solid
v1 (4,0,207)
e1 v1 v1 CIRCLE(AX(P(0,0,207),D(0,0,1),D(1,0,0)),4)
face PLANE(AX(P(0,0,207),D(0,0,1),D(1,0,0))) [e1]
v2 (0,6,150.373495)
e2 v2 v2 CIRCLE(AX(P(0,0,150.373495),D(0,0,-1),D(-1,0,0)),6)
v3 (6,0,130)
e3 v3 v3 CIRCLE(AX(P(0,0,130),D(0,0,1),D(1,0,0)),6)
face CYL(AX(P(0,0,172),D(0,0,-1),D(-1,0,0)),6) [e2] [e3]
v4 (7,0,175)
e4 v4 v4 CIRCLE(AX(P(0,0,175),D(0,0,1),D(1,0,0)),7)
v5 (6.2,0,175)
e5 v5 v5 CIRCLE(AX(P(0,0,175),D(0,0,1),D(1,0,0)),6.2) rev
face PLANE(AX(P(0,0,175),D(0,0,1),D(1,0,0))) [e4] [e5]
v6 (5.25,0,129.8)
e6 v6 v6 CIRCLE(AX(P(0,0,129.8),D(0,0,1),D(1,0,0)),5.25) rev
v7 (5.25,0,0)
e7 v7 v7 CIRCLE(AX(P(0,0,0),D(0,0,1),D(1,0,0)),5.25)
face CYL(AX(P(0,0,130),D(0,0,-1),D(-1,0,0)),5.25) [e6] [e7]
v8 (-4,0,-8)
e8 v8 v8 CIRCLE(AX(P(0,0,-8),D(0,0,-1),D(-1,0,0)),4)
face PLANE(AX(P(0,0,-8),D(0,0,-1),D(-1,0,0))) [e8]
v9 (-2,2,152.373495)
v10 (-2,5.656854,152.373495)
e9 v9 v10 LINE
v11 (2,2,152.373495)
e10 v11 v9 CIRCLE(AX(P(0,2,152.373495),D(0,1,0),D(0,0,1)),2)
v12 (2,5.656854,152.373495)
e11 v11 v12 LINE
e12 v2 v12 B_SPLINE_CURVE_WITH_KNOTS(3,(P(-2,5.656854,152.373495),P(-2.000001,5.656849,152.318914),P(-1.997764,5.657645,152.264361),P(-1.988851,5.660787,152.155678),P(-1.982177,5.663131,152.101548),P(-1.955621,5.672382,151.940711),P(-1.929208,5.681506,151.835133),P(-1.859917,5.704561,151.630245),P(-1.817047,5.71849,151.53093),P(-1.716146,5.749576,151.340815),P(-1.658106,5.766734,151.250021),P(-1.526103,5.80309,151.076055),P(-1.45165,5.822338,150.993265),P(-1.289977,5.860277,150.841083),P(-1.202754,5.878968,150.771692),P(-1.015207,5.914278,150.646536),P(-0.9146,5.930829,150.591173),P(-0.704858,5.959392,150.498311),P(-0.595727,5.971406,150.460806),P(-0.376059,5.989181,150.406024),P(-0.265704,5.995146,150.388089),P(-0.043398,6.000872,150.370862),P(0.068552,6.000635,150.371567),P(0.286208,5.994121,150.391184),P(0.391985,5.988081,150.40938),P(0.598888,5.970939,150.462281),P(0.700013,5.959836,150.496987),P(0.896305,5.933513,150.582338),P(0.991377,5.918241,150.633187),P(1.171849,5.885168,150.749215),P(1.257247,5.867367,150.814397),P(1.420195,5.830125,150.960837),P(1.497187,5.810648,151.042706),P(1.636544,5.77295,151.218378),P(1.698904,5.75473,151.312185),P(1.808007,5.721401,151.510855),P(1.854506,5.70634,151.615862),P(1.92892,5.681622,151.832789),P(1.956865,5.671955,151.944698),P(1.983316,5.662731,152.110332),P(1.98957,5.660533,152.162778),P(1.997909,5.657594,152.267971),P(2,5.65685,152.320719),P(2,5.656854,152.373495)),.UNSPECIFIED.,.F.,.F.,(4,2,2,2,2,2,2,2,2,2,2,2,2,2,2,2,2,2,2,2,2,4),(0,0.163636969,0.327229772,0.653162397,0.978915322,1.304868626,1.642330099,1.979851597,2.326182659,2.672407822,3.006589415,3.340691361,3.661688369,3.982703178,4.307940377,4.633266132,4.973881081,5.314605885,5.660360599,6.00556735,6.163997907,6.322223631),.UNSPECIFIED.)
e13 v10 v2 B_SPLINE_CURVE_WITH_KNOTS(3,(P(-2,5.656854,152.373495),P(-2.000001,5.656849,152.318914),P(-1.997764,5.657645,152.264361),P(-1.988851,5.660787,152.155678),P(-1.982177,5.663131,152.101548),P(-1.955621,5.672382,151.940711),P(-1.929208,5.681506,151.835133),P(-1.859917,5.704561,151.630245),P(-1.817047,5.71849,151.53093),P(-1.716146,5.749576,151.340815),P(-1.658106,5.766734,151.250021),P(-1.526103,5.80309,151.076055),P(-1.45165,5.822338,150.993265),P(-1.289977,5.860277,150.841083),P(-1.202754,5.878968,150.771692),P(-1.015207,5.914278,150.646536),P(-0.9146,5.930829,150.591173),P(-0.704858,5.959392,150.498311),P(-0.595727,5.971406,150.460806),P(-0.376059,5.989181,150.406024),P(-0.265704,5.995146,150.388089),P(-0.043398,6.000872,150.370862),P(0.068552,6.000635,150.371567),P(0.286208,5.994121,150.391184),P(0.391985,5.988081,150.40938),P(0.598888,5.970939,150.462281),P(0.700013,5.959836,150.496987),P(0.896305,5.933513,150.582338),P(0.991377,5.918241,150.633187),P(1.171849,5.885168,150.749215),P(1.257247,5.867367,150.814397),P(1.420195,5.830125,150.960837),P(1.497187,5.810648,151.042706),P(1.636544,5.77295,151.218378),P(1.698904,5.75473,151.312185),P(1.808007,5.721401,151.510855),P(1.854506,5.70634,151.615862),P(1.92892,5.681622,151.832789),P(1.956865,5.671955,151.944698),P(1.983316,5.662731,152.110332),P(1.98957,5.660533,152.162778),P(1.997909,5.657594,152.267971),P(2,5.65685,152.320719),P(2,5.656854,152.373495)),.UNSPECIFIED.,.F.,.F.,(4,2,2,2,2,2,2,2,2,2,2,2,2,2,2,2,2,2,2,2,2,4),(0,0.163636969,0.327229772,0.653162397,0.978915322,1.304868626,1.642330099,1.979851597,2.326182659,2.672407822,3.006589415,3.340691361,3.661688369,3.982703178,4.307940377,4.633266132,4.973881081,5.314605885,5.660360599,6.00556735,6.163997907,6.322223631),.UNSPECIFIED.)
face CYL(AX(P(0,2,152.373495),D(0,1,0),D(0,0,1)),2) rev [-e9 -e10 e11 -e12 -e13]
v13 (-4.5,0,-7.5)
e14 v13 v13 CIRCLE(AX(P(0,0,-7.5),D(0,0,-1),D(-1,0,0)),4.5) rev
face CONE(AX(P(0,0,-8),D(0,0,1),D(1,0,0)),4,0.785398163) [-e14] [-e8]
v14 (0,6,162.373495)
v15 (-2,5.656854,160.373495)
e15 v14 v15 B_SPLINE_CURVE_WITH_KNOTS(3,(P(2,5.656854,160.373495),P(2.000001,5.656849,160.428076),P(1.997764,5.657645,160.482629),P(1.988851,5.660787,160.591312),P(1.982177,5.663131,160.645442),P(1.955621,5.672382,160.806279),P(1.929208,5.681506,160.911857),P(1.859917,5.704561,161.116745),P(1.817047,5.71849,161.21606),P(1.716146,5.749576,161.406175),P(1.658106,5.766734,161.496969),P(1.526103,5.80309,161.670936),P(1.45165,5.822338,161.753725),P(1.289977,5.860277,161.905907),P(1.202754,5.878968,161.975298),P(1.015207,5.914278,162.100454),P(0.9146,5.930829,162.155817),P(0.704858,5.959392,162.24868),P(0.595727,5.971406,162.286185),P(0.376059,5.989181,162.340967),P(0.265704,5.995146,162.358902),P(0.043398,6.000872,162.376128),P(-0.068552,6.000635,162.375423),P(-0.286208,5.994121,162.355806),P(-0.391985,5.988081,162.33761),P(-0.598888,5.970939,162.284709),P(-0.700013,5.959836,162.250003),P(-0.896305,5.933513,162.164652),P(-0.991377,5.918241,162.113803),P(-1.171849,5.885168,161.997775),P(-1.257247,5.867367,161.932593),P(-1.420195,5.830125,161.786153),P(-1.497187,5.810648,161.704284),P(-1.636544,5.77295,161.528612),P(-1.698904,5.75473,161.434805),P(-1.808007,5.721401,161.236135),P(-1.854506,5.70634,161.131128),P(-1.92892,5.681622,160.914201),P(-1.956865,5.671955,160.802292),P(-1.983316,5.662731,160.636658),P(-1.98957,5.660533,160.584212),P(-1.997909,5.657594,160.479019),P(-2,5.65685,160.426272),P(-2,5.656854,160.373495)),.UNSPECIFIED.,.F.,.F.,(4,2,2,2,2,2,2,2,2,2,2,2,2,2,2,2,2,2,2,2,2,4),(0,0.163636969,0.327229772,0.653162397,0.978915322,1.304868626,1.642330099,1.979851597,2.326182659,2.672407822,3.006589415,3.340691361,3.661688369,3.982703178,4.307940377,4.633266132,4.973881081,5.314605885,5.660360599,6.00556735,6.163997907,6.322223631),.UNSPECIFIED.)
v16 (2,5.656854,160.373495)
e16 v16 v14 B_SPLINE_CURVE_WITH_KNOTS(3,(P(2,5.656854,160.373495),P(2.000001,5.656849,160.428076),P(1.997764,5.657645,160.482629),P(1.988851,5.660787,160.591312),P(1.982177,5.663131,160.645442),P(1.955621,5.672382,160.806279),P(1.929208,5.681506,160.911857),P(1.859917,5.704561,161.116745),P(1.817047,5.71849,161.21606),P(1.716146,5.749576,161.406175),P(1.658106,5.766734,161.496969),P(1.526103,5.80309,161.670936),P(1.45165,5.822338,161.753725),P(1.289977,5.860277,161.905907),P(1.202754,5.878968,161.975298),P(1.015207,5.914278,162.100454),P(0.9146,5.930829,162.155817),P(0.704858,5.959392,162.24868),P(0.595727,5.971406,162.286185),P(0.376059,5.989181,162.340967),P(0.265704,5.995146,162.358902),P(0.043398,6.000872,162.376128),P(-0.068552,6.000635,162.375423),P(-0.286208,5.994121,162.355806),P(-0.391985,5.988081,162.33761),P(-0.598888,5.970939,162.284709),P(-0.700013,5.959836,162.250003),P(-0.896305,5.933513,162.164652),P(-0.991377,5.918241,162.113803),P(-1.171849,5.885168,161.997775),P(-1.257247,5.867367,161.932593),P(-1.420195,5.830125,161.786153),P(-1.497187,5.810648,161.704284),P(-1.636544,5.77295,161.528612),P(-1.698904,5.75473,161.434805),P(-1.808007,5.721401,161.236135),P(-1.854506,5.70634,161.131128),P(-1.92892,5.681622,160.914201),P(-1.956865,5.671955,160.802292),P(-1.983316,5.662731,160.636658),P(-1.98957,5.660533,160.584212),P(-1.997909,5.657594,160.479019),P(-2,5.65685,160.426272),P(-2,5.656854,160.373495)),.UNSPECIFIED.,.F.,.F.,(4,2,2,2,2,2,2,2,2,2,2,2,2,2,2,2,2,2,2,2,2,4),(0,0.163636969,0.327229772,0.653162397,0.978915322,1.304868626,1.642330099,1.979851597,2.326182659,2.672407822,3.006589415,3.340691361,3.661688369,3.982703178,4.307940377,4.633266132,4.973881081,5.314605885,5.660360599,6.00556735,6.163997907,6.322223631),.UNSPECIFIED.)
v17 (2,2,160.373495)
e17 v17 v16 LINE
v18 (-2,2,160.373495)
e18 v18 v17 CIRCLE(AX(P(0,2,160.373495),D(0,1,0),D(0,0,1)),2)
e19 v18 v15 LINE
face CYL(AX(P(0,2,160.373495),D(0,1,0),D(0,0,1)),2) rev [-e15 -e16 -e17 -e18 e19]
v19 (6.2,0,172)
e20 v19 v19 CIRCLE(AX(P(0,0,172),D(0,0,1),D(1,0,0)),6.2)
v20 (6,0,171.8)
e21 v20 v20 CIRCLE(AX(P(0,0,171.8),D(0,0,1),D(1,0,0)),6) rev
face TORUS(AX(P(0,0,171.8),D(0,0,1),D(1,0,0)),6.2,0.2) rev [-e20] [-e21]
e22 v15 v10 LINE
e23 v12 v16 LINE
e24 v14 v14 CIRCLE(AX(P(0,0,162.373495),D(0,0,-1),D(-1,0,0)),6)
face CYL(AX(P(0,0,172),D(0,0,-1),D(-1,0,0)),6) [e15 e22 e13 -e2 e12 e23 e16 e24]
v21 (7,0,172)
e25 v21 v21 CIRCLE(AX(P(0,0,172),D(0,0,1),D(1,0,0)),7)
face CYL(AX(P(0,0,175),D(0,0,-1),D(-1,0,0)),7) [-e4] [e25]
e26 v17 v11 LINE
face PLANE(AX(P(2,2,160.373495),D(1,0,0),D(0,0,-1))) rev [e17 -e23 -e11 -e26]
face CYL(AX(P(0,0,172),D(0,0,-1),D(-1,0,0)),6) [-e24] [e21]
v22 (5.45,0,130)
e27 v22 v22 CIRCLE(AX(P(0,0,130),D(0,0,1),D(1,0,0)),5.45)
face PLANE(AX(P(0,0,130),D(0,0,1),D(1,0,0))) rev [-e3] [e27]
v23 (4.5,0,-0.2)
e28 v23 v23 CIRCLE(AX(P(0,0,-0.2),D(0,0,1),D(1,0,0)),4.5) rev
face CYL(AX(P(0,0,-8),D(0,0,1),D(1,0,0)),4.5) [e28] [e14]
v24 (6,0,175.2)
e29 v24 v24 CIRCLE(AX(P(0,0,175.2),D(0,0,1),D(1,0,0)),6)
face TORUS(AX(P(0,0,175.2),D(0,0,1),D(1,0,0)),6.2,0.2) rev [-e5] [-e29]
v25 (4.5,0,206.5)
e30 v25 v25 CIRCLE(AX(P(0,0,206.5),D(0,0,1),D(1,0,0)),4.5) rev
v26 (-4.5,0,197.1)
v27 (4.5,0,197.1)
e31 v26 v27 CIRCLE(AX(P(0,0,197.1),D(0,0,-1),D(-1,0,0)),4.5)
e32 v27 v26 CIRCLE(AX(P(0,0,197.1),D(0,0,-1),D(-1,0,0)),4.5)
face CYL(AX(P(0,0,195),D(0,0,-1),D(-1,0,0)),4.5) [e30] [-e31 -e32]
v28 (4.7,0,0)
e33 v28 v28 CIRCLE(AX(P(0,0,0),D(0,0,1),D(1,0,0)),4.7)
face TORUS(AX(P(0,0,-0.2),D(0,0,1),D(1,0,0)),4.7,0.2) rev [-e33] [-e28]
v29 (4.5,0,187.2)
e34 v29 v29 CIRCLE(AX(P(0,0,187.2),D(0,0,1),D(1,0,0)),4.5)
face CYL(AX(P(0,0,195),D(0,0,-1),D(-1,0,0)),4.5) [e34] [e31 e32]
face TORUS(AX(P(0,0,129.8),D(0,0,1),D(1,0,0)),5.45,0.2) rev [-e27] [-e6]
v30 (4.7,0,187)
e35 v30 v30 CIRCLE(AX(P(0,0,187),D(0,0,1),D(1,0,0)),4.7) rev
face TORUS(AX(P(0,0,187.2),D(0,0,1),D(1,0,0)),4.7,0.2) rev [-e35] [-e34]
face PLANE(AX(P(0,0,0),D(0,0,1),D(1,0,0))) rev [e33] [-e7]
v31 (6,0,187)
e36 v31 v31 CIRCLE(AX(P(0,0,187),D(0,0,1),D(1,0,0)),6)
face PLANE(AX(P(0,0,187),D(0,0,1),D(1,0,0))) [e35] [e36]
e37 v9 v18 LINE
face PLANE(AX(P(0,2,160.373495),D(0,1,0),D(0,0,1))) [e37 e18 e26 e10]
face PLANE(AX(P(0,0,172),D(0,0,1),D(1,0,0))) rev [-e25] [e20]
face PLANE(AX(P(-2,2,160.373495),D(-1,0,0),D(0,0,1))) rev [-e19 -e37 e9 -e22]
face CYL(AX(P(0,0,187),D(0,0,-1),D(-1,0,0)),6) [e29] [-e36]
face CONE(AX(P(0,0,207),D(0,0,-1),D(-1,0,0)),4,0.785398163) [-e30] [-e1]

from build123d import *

# Parameters (mm, degrees)
SKETCH_1_R          = 5.25
EXTRUDE_1_DEPTH     = 130
SKETCH_2_R          = 6
EXTRUDE_2_DEPTH     = 42
SKETCH_3_R          = 7
EXTRUDE_3_DEPTH     = 3
SKETCH_4_R          = 6
EXTRUDE_4_DEPTH     = 12
SKETCH_5_R          = 4.5
EXTRUDE_5_DEPTH     = 8
EXTRUDE_START       = 8
SKETCH_6_R          = 4.5
EXTRUDE_6_DEPTH     = 8
CUT_EXTRUDE_1_DEPTH = 10
FILLET_2_R          = 0.2
FILLET_4_R          = 0.2
FILLET_5_R          = 0.2
SKETCH_19_R         = 4.5
EXTRUDE_7_DEPTH     = 12
FILLET_6_R          = 0.2
FILLET_7_R          = 0.2
CHAMFER_1_SIZE      = 0.5


with BuildPart() as part:
    # Эскиз1 → Бобышка-Вытянуть1 (new body)
    with BuildSketch(Plane.XY):
        Circle(SKETCH_1_R)
    extrude(amount=EXTRUDE_1_DEPTH)

    # Эскиз2 → Бобышка-Вытянуть2 (add)
    with BuildSketch(Plane.XY.offset(130)):
        with Locations(Location((0, 0, 0), (0, 0, 180))):
            Circle(SKETCH_2_R)
    extrude(amount=EXTRUDE_2_DEPTH)

    # Эскиз3 → Бобышка-Вытянуть3 (add)
    with BuildSketch(Plane.XY.offset(172)):
        Circle(SKETCH_3_R)
    extrude(amount=EXTRUDE_3_DEPTH)

    # Эскиз4 → Бобышка-Вытянуть4 (add)
    with BuildSketch(Plane.XY.offset(175)):
        with Locations(Location((0, 0, 0), (0, 0, 180))):
            Circle(SKETCH_4_R)
    extrude(amount=EXTRUDE_4_DEPTH)

    # Эскиз5 → Бобышка-Вытянуть5 (add)
    with BuildSketch(Plane.XY.offset(187)):
        Circle(SKETCH_5_R)
    extrude(amount=EXTRUDE_5_DEPTH)

    # Эскиз6 → Бобышка-Вытянуть6 (add)
    with BuildSketch(Plane(origin=(0, 0, 0), x_dir=(-1, 0, 0), z_dir=(0, 0, -1)).offset(EXTRUDE_START)):
        with Locations(Location((0, 0, 0), (0, 0, 180))):
            Circle(SKETCH_6_R)
    extrude(amount=-EXTRUDE_6_DEPTH)

    # Эскиз18 → Вырез-Вытянуть1 (cut)
    with BuildSketch(Plane(origin=(0, 12, 0), x_dir=(1, 0, 0), z_dir=(0, 1, 0))):
        with BuildLine():
            Line((-2, -160.373495066), (-2, -152.373495066))
            ThreePointArc((-2, -152.373495066), (0, -150.373495066), (2, -152.373495066))
            Line((2, -152.373495066), (2, -160.373495066))
            ThreePointArc((2, -160.373495066), (0, -162.373495066), (-2, -160.373495066))
        make_face()
    extrude(amount=-CUT_EXTRUDE_1_DEPTH, mode=Mode.SUBTRACT)

    # Скругление2
    fillet_2_edges = [part.edges().sort_by_distance(p)[0] for p in [
        (-4.5, 0, 0),
    ]]
    fillet(fillet_2_edges, radius=FILLET_2_R)

    # Скругление4
    fillet_4_edges = [part.edges().sort_by_distance(p)[0] for p in [
        (6, 0, 175),
    ]]
    fillet(fillet_4_edges, radius=FILLET_4_R)

    # Скругление5
    fillet_5_edges = [part.edges().sort_by_distance(p)[0] for p in [
        (-4.5, 0, 187),
    ]]
    fillet(fillet_5_edges, radius=FILLET_5_R)

    # Эскиз19 → Бобышка-Вытянуть7 (add)
    with BuildSketch(Plane.XY.offset(195)):
        Circle(SKETCH_19_R)
    extrude(amount=EXTRUDE_7_DEPTH)

    # Скругление6
    fillet_6_edges = [part.edges().sort_by_distance(p)[0] for p in [
        (-5.25, 0, 130),
    ]]
    fillet(fillet_6_edges, radius=FILLET_6_R)

    # Скругление7
    fillet_7_edges = [part.edges().sort_by_distance(p)[0] for p in [
        (6, 0, 172),
    ]]
    fillet(fillet_7_edges, radius=FILLET_7_R)

    # Фаска1
    chamfer_1_edges = [part.edges().sort_by_distance(p)[0] for p in [
        (-4.5, 0, -8),
        (-4.5, 0, 207),
    ]]
    chamfer(chamfer_1_edges, length=CHAMFER_1_SIZE)


solid = part.part
